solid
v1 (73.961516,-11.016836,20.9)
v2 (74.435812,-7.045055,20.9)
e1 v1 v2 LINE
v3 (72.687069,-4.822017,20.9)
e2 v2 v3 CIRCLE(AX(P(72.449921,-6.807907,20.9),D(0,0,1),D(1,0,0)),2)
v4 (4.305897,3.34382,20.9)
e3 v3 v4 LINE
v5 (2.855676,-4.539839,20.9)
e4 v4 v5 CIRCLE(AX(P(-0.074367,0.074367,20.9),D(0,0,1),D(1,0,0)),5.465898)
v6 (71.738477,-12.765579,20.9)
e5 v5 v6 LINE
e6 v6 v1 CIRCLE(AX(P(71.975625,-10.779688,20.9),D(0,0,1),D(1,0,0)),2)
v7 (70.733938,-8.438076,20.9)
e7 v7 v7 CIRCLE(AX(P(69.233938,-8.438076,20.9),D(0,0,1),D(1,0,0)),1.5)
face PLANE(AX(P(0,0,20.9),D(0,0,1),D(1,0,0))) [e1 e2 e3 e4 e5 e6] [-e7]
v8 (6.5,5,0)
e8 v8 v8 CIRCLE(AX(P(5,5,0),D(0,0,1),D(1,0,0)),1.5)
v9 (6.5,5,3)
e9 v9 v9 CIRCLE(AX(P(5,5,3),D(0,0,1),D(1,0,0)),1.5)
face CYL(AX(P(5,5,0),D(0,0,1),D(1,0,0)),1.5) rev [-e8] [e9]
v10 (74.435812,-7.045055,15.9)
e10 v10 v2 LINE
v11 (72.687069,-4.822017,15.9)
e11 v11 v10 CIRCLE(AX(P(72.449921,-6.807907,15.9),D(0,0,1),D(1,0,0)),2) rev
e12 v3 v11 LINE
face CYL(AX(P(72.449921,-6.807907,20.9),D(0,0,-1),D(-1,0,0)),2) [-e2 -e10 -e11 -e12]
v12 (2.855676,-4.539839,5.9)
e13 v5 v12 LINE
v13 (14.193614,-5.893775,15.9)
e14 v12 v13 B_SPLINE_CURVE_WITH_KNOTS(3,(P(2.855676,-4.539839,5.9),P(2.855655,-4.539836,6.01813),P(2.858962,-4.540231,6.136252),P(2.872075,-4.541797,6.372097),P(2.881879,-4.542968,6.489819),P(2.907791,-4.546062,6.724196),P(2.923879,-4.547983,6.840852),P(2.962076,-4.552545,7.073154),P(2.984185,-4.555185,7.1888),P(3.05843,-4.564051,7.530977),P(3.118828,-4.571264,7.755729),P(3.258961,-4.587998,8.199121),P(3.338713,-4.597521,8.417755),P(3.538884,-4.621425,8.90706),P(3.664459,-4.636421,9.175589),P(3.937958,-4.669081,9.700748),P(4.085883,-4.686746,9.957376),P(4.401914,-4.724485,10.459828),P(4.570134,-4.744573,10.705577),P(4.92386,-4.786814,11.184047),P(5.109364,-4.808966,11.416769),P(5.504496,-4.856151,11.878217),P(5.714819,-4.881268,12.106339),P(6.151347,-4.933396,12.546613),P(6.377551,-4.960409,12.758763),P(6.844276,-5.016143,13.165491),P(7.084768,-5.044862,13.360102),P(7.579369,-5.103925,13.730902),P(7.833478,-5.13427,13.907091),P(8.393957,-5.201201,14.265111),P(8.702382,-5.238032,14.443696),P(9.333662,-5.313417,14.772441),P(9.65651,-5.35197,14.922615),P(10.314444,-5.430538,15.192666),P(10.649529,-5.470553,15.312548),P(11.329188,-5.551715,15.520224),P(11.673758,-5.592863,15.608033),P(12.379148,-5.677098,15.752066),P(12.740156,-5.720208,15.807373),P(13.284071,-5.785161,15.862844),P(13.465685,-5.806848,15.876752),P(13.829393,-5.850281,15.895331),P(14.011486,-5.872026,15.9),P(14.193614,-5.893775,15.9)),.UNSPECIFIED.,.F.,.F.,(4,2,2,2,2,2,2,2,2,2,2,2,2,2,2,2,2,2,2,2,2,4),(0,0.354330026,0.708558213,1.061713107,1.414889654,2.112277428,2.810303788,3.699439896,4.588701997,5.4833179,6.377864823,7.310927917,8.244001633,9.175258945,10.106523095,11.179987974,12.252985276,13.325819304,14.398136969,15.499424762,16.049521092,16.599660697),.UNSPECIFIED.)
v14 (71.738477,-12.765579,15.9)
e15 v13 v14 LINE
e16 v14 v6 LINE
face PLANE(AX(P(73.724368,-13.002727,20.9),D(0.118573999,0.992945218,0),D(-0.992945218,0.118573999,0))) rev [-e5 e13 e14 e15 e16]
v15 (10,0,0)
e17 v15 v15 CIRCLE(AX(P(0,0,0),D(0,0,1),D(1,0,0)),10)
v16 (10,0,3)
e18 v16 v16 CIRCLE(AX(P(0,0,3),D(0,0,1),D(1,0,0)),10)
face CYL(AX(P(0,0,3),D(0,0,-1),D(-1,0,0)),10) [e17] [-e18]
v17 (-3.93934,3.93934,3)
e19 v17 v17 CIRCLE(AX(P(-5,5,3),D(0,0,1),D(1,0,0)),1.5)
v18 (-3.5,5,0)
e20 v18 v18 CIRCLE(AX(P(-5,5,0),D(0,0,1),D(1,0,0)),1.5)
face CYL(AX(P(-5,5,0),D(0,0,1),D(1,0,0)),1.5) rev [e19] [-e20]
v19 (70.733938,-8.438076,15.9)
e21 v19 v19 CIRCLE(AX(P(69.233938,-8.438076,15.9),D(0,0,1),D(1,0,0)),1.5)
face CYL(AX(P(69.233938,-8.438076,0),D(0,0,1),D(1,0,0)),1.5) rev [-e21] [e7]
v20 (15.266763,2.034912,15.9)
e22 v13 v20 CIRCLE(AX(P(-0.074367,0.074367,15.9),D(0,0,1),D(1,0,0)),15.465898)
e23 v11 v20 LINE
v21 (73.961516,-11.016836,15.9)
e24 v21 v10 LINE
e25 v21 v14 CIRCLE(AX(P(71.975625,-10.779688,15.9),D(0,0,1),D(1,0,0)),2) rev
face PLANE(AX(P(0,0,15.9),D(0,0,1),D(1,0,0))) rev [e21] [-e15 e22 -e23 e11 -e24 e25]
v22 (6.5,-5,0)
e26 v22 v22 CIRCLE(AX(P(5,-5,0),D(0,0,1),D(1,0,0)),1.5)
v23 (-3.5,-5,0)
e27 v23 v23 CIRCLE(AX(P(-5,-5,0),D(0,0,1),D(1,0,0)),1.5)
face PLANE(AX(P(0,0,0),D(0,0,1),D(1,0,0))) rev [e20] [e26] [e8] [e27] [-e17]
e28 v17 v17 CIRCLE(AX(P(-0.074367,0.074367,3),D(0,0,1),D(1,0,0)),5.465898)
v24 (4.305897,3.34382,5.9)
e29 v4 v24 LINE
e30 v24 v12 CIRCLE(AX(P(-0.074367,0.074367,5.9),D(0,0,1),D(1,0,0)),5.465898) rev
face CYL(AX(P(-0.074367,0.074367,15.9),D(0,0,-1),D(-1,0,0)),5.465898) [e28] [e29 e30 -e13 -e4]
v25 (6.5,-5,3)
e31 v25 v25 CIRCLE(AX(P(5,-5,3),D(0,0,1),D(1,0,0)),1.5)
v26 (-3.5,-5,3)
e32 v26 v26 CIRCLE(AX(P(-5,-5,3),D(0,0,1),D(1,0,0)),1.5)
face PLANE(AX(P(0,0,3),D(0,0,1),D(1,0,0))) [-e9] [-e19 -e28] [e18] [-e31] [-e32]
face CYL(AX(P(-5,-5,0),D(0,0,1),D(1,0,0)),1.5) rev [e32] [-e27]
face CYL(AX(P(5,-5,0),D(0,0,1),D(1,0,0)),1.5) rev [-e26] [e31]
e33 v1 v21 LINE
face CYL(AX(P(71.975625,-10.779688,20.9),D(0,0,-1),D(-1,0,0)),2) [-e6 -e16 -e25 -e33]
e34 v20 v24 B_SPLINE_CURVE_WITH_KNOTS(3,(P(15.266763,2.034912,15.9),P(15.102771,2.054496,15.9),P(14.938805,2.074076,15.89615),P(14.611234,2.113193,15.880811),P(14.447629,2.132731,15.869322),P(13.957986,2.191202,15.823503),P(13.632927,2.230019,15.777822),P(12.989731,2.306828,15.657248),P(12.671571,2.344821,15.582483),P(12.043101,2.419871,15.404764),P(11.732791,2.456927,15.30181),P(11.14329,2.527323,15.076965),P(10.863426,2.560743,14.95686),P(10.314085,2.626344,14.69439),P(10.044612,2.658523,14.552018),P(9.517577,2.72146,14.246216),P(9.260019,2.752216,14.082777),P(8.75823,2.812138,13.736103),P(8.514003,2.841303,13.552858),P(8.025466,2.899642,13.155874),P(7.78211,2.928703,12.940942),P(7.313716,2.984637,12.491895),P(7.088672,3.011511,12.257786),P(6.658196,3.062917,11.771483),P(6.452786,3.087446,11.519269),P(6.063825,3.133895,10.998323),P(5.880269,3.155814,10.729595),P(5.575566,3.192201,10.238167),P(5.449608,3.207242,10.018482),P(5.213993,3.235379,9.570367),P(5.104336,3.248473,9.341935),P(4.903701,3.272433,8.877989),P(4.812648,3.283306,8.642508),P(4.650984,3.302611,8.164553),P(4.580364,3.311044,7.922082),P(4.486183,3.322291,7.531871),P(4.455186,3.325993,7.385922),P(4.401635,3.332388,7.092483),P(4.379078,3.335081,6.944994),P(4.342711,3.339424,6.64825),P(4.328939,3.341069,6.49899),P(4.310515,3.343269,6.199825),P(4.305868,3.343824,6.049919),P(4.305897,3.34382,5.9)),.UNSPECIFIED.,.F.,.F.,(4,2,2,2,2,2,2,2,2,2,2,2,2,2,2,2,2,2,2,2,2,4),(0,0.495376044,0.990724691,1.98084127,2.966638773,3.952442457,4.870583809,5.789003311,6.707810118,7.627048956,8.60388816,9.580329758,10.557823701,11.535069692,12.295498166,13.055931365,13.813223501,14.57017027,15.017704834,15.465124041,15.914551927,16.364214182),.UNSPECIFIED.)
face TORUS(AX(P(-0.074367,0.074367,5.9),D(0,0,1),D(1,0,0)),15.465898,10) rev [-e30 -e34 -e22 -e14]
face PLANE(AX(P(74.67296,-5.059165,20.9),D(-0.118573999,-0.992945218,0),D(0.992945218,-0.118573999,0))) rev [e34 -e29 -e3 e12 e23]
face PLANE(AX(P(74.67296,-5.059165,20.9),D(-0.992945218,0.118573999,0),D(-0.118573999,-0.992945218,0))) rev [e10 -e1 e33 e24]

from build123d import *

# Parameters (mm, degrees)
SKETCH_1_R          = 10
EXTRUDE_1_DEPTH     = 3
SKETCH_2_R          = 1.5
CUT_EXTRUDE_1_DEPTH = 15.45683229480096
EXTRUDE_START       = 12.9
SKETCH_3_R          = 5.465897693502911
SKETCH_3_R_2        = 1.5000000000000002
EXTRUDE_2_DEPTH     = 12.9
EXTRUDE_START_2     = -15.9
SKETCH_4_R          = 1.5000000000000002
EXTRUDE_4_DEPTH     = 15.9
EXTRUDE_5_DEPTH     = 5
SKETCH_6_R          = 1.4999999999999973
CUT_EXTRUDE_2_DEPTH = 79.62526207388743
EXTRUDE_START_3     = 5
EXTRUDE_8_DEPTH     = 5
FILLET_1_R          = 10
FILLET_2_R          = 2


with BuildPart() as part:
    # 草图1 → 凸台-拉伸1 (new body)
    with BuildSketch(Plane.XY):
        Circle(SKETCH_1_R)
    extrude(amount=EXTRUDE_1_DEPTH)

    # 草图2 → 切除-拉伸1 (cut, through all)
    with BuildSketch(Plane.XY.offset(3)):
        with BuildLine():
            ThreePointArc((-3.5, 4.999999999999998), (-6.060660171779828, 6.060660171779813), (-4.999999999999981, 3.4999999999999982))
            Line((-5, 3.499999999999999), (-5, 4.999999999999999))
            Line((-5, 4.999999999999998), (-3.5, 4.999999999999998))
        make_face()
        with BuildLine():
            Line((-5, 4.999999999999999), (-5, 3.499999999999999))
            ThreePointArc((-4.999999999999981, 3.4999999999999982), (-3.939339828220172, 3.9393398282201835), (-3.5, 4.999999999999998))
            Line((-3.5, 4.999999999999998), (-5, 4.999999999999998))
        make_face()
        with BuildLine():
            ThreePointArc((3.499999999999999, 5.000000000000001), (3.9393398282201844, 3.939339828220173), (5.000000000000019, 3.5))
            Line((5, 3.500000000000001), (5, 5.000000000000001))
            Line((5, 5.000000000000001), (3.499999999999999, 5.000000000000001))
        make_face()
        with BuildLine():
            Line((5, 5.000000000000001), (5, 3.500000000000001))
            ThreePointArc((5.000000000000019, 3.5), (6.060660171779828, 3.9393398282201852), (6.500000000000001, 5.000000000000001))
            ThreePointArc((6.500000000000001, 5.000000000000001), (5, 6.500000000000002), (3.499999999999999, 5.000000000000001))
            Line((3.499999999999999, 5.000000000000001), (5, 5.000000000000001))
        make_face()
        with BuildLine():
            ThreePointArc((-4.9999999999999805, -3.500000000000001), (-6.060660171779829, -6.060660171779815), (-3.5, -5.000000000000001))
            Line((-3.5, -5.000000000000001), (-5, -5.000000000000001))
            Line((-5, -5.000000000000001), (-5, -3.500000000000001))
        make_face()
        with BuildLine():
            Line((-5, -5.000000000000001), (-3.5, -5.000000000000001))
            ThreePointArc((-3.5, -5.000000000000001), (-3.939339828220172, -3.939339828220186), (-4.9999999999999805, -3.500000000000001))
            Line((-5, -3.500000000000001), (-5, -5.000000000000001))
        make_face()
        with BuildLine():
            ThreePointArc((5.0000000000000195, -3.4999999999999982), (3.9393398282201852, -3.9393398282201706), (3.499999999999999, -4.999999999999999))
            Line((3.499999999999999, -4.999999999999999), (5, -4.999999999999999))
            Line((5, -4.999999999999999), (5, -3.4999999999999982))
        make_face()
        with BuildLine():
            Line((5, -4.999999999999999), (3.499999999999999, -4.999999999999999))
            ThreePointArc((3.499999999999999, -4.999999999999999), (5, -6.5), (6.500000000000001, -4.999999999999999))
            ThreePointArc((6.500000000000001, -4.999999999999999), (6.060660171779829, -3.9393398282201844), (5.0000000000000195, -3.4999999999999982))
            Line((5, -3.4999999999999982), (5, -4.999999999999999))
        make_face()
        Circle(SKETCH_2_R)
    extrude(amount=-CUT_EXTRUDE_1_DEPTH, mode=Mode.SUBTRACT)

    # 草图3 → 凸台-拉伸2 (add)
    with BuildSketch(Plane.XY.offset(3).offset(EXTRUDE_START)):
        with Locations(Location((-0.07436650387235982, 0.07436650387235982, 0), (0, 0, 135))):
            Circle(SKETCH_3_R)
        Circle(SKETCH_3_R_2, mode=Mode.SUBTRACT)
    extrude(amount=-EXTRUDE_2_DEPTH)

    # 草图4 → 凸台-拉伸4 (add)
    with BuildSketch(Plane(origin=(0, 0, 0), x_dir=(-1, 0, 0), z_dir=(0, 0, -1)).offset(EXTRUDE_START_2)):
        Circle(SKETCH_4_R)
    extrude(amount=EXTRUDE_4_DEPTH)

    # 草图5 → 凸台-拉伸5 (add)
    with BuildSketch(Plane.XY.offset(15.9)):
        Polygon((74.67295984530996, -5.059165048643418), (73.72436785298946, -13.002726795876548), (-0.7465235273211024, -4.1096768678718245), (0.2020684649993922, 3.83388487936125), align=None)
    extrude(amount=EXTRUDE_5_DEPTH)

    # 草图6 → 切除-拉伸2 (cut, through all)
    with BuildSketch(Plane.XY.offset(20.900000000000002)):
        with Locations((69.23393775712903, -8.438075927059709)):
            Circle(SKETCH_6_R)
    extrude(amount=-CUT_EXTRUDE_2_DEPTH, mode=Mode.SUBTRACT)

    # 草图7 → 凸台-拉伸8 (add)
    with BuildSketch(Plane.XY.offset(15.9).offset(EXTRUDE_START_3)):
        with BuildLine():
            Line((0.2020684649993922, 3.83388487936125), (4.305897204794468, 3.3438201949921416))
            ThreePointArc((4.305897204794468, 3.3438201949921416), (-5.4500676526118506, 1.0632420042673105), (2.8556757439201084, -4.53983873885273))
            Line((2.8556757439201084, -4.53983873885273), (-0.7465235273211024, -4.1096768678718245))
            Line((-0.7465235273211024, -4.1096768678718245), (0.2020684649993922, 3.83388487936125))
        make_face()
    extrude(amount=-EXTRUDE_8_DEPTH)

    # 圆角1
    fillet_1_edges = [part.edges().sort_by_distance(p)[0] for p in [
        (5.301334644867113, -0.914508996522684, 15.9),
    ]]
    fillet(fillet_1_edges, radius=FILLET_1_R)

    # 圆角2
    fillet_2_edges = [part.edges().sort_by_distance(p)[0] for p in [
        (73.72436785298946, -13.002726795876548, 18.4),
        (74.67295984530996, -5.059165048643418, 18.4),
    ]]
    fillet(fillet_2_edges, radius=FILLET_2_R)


solid = part.part
